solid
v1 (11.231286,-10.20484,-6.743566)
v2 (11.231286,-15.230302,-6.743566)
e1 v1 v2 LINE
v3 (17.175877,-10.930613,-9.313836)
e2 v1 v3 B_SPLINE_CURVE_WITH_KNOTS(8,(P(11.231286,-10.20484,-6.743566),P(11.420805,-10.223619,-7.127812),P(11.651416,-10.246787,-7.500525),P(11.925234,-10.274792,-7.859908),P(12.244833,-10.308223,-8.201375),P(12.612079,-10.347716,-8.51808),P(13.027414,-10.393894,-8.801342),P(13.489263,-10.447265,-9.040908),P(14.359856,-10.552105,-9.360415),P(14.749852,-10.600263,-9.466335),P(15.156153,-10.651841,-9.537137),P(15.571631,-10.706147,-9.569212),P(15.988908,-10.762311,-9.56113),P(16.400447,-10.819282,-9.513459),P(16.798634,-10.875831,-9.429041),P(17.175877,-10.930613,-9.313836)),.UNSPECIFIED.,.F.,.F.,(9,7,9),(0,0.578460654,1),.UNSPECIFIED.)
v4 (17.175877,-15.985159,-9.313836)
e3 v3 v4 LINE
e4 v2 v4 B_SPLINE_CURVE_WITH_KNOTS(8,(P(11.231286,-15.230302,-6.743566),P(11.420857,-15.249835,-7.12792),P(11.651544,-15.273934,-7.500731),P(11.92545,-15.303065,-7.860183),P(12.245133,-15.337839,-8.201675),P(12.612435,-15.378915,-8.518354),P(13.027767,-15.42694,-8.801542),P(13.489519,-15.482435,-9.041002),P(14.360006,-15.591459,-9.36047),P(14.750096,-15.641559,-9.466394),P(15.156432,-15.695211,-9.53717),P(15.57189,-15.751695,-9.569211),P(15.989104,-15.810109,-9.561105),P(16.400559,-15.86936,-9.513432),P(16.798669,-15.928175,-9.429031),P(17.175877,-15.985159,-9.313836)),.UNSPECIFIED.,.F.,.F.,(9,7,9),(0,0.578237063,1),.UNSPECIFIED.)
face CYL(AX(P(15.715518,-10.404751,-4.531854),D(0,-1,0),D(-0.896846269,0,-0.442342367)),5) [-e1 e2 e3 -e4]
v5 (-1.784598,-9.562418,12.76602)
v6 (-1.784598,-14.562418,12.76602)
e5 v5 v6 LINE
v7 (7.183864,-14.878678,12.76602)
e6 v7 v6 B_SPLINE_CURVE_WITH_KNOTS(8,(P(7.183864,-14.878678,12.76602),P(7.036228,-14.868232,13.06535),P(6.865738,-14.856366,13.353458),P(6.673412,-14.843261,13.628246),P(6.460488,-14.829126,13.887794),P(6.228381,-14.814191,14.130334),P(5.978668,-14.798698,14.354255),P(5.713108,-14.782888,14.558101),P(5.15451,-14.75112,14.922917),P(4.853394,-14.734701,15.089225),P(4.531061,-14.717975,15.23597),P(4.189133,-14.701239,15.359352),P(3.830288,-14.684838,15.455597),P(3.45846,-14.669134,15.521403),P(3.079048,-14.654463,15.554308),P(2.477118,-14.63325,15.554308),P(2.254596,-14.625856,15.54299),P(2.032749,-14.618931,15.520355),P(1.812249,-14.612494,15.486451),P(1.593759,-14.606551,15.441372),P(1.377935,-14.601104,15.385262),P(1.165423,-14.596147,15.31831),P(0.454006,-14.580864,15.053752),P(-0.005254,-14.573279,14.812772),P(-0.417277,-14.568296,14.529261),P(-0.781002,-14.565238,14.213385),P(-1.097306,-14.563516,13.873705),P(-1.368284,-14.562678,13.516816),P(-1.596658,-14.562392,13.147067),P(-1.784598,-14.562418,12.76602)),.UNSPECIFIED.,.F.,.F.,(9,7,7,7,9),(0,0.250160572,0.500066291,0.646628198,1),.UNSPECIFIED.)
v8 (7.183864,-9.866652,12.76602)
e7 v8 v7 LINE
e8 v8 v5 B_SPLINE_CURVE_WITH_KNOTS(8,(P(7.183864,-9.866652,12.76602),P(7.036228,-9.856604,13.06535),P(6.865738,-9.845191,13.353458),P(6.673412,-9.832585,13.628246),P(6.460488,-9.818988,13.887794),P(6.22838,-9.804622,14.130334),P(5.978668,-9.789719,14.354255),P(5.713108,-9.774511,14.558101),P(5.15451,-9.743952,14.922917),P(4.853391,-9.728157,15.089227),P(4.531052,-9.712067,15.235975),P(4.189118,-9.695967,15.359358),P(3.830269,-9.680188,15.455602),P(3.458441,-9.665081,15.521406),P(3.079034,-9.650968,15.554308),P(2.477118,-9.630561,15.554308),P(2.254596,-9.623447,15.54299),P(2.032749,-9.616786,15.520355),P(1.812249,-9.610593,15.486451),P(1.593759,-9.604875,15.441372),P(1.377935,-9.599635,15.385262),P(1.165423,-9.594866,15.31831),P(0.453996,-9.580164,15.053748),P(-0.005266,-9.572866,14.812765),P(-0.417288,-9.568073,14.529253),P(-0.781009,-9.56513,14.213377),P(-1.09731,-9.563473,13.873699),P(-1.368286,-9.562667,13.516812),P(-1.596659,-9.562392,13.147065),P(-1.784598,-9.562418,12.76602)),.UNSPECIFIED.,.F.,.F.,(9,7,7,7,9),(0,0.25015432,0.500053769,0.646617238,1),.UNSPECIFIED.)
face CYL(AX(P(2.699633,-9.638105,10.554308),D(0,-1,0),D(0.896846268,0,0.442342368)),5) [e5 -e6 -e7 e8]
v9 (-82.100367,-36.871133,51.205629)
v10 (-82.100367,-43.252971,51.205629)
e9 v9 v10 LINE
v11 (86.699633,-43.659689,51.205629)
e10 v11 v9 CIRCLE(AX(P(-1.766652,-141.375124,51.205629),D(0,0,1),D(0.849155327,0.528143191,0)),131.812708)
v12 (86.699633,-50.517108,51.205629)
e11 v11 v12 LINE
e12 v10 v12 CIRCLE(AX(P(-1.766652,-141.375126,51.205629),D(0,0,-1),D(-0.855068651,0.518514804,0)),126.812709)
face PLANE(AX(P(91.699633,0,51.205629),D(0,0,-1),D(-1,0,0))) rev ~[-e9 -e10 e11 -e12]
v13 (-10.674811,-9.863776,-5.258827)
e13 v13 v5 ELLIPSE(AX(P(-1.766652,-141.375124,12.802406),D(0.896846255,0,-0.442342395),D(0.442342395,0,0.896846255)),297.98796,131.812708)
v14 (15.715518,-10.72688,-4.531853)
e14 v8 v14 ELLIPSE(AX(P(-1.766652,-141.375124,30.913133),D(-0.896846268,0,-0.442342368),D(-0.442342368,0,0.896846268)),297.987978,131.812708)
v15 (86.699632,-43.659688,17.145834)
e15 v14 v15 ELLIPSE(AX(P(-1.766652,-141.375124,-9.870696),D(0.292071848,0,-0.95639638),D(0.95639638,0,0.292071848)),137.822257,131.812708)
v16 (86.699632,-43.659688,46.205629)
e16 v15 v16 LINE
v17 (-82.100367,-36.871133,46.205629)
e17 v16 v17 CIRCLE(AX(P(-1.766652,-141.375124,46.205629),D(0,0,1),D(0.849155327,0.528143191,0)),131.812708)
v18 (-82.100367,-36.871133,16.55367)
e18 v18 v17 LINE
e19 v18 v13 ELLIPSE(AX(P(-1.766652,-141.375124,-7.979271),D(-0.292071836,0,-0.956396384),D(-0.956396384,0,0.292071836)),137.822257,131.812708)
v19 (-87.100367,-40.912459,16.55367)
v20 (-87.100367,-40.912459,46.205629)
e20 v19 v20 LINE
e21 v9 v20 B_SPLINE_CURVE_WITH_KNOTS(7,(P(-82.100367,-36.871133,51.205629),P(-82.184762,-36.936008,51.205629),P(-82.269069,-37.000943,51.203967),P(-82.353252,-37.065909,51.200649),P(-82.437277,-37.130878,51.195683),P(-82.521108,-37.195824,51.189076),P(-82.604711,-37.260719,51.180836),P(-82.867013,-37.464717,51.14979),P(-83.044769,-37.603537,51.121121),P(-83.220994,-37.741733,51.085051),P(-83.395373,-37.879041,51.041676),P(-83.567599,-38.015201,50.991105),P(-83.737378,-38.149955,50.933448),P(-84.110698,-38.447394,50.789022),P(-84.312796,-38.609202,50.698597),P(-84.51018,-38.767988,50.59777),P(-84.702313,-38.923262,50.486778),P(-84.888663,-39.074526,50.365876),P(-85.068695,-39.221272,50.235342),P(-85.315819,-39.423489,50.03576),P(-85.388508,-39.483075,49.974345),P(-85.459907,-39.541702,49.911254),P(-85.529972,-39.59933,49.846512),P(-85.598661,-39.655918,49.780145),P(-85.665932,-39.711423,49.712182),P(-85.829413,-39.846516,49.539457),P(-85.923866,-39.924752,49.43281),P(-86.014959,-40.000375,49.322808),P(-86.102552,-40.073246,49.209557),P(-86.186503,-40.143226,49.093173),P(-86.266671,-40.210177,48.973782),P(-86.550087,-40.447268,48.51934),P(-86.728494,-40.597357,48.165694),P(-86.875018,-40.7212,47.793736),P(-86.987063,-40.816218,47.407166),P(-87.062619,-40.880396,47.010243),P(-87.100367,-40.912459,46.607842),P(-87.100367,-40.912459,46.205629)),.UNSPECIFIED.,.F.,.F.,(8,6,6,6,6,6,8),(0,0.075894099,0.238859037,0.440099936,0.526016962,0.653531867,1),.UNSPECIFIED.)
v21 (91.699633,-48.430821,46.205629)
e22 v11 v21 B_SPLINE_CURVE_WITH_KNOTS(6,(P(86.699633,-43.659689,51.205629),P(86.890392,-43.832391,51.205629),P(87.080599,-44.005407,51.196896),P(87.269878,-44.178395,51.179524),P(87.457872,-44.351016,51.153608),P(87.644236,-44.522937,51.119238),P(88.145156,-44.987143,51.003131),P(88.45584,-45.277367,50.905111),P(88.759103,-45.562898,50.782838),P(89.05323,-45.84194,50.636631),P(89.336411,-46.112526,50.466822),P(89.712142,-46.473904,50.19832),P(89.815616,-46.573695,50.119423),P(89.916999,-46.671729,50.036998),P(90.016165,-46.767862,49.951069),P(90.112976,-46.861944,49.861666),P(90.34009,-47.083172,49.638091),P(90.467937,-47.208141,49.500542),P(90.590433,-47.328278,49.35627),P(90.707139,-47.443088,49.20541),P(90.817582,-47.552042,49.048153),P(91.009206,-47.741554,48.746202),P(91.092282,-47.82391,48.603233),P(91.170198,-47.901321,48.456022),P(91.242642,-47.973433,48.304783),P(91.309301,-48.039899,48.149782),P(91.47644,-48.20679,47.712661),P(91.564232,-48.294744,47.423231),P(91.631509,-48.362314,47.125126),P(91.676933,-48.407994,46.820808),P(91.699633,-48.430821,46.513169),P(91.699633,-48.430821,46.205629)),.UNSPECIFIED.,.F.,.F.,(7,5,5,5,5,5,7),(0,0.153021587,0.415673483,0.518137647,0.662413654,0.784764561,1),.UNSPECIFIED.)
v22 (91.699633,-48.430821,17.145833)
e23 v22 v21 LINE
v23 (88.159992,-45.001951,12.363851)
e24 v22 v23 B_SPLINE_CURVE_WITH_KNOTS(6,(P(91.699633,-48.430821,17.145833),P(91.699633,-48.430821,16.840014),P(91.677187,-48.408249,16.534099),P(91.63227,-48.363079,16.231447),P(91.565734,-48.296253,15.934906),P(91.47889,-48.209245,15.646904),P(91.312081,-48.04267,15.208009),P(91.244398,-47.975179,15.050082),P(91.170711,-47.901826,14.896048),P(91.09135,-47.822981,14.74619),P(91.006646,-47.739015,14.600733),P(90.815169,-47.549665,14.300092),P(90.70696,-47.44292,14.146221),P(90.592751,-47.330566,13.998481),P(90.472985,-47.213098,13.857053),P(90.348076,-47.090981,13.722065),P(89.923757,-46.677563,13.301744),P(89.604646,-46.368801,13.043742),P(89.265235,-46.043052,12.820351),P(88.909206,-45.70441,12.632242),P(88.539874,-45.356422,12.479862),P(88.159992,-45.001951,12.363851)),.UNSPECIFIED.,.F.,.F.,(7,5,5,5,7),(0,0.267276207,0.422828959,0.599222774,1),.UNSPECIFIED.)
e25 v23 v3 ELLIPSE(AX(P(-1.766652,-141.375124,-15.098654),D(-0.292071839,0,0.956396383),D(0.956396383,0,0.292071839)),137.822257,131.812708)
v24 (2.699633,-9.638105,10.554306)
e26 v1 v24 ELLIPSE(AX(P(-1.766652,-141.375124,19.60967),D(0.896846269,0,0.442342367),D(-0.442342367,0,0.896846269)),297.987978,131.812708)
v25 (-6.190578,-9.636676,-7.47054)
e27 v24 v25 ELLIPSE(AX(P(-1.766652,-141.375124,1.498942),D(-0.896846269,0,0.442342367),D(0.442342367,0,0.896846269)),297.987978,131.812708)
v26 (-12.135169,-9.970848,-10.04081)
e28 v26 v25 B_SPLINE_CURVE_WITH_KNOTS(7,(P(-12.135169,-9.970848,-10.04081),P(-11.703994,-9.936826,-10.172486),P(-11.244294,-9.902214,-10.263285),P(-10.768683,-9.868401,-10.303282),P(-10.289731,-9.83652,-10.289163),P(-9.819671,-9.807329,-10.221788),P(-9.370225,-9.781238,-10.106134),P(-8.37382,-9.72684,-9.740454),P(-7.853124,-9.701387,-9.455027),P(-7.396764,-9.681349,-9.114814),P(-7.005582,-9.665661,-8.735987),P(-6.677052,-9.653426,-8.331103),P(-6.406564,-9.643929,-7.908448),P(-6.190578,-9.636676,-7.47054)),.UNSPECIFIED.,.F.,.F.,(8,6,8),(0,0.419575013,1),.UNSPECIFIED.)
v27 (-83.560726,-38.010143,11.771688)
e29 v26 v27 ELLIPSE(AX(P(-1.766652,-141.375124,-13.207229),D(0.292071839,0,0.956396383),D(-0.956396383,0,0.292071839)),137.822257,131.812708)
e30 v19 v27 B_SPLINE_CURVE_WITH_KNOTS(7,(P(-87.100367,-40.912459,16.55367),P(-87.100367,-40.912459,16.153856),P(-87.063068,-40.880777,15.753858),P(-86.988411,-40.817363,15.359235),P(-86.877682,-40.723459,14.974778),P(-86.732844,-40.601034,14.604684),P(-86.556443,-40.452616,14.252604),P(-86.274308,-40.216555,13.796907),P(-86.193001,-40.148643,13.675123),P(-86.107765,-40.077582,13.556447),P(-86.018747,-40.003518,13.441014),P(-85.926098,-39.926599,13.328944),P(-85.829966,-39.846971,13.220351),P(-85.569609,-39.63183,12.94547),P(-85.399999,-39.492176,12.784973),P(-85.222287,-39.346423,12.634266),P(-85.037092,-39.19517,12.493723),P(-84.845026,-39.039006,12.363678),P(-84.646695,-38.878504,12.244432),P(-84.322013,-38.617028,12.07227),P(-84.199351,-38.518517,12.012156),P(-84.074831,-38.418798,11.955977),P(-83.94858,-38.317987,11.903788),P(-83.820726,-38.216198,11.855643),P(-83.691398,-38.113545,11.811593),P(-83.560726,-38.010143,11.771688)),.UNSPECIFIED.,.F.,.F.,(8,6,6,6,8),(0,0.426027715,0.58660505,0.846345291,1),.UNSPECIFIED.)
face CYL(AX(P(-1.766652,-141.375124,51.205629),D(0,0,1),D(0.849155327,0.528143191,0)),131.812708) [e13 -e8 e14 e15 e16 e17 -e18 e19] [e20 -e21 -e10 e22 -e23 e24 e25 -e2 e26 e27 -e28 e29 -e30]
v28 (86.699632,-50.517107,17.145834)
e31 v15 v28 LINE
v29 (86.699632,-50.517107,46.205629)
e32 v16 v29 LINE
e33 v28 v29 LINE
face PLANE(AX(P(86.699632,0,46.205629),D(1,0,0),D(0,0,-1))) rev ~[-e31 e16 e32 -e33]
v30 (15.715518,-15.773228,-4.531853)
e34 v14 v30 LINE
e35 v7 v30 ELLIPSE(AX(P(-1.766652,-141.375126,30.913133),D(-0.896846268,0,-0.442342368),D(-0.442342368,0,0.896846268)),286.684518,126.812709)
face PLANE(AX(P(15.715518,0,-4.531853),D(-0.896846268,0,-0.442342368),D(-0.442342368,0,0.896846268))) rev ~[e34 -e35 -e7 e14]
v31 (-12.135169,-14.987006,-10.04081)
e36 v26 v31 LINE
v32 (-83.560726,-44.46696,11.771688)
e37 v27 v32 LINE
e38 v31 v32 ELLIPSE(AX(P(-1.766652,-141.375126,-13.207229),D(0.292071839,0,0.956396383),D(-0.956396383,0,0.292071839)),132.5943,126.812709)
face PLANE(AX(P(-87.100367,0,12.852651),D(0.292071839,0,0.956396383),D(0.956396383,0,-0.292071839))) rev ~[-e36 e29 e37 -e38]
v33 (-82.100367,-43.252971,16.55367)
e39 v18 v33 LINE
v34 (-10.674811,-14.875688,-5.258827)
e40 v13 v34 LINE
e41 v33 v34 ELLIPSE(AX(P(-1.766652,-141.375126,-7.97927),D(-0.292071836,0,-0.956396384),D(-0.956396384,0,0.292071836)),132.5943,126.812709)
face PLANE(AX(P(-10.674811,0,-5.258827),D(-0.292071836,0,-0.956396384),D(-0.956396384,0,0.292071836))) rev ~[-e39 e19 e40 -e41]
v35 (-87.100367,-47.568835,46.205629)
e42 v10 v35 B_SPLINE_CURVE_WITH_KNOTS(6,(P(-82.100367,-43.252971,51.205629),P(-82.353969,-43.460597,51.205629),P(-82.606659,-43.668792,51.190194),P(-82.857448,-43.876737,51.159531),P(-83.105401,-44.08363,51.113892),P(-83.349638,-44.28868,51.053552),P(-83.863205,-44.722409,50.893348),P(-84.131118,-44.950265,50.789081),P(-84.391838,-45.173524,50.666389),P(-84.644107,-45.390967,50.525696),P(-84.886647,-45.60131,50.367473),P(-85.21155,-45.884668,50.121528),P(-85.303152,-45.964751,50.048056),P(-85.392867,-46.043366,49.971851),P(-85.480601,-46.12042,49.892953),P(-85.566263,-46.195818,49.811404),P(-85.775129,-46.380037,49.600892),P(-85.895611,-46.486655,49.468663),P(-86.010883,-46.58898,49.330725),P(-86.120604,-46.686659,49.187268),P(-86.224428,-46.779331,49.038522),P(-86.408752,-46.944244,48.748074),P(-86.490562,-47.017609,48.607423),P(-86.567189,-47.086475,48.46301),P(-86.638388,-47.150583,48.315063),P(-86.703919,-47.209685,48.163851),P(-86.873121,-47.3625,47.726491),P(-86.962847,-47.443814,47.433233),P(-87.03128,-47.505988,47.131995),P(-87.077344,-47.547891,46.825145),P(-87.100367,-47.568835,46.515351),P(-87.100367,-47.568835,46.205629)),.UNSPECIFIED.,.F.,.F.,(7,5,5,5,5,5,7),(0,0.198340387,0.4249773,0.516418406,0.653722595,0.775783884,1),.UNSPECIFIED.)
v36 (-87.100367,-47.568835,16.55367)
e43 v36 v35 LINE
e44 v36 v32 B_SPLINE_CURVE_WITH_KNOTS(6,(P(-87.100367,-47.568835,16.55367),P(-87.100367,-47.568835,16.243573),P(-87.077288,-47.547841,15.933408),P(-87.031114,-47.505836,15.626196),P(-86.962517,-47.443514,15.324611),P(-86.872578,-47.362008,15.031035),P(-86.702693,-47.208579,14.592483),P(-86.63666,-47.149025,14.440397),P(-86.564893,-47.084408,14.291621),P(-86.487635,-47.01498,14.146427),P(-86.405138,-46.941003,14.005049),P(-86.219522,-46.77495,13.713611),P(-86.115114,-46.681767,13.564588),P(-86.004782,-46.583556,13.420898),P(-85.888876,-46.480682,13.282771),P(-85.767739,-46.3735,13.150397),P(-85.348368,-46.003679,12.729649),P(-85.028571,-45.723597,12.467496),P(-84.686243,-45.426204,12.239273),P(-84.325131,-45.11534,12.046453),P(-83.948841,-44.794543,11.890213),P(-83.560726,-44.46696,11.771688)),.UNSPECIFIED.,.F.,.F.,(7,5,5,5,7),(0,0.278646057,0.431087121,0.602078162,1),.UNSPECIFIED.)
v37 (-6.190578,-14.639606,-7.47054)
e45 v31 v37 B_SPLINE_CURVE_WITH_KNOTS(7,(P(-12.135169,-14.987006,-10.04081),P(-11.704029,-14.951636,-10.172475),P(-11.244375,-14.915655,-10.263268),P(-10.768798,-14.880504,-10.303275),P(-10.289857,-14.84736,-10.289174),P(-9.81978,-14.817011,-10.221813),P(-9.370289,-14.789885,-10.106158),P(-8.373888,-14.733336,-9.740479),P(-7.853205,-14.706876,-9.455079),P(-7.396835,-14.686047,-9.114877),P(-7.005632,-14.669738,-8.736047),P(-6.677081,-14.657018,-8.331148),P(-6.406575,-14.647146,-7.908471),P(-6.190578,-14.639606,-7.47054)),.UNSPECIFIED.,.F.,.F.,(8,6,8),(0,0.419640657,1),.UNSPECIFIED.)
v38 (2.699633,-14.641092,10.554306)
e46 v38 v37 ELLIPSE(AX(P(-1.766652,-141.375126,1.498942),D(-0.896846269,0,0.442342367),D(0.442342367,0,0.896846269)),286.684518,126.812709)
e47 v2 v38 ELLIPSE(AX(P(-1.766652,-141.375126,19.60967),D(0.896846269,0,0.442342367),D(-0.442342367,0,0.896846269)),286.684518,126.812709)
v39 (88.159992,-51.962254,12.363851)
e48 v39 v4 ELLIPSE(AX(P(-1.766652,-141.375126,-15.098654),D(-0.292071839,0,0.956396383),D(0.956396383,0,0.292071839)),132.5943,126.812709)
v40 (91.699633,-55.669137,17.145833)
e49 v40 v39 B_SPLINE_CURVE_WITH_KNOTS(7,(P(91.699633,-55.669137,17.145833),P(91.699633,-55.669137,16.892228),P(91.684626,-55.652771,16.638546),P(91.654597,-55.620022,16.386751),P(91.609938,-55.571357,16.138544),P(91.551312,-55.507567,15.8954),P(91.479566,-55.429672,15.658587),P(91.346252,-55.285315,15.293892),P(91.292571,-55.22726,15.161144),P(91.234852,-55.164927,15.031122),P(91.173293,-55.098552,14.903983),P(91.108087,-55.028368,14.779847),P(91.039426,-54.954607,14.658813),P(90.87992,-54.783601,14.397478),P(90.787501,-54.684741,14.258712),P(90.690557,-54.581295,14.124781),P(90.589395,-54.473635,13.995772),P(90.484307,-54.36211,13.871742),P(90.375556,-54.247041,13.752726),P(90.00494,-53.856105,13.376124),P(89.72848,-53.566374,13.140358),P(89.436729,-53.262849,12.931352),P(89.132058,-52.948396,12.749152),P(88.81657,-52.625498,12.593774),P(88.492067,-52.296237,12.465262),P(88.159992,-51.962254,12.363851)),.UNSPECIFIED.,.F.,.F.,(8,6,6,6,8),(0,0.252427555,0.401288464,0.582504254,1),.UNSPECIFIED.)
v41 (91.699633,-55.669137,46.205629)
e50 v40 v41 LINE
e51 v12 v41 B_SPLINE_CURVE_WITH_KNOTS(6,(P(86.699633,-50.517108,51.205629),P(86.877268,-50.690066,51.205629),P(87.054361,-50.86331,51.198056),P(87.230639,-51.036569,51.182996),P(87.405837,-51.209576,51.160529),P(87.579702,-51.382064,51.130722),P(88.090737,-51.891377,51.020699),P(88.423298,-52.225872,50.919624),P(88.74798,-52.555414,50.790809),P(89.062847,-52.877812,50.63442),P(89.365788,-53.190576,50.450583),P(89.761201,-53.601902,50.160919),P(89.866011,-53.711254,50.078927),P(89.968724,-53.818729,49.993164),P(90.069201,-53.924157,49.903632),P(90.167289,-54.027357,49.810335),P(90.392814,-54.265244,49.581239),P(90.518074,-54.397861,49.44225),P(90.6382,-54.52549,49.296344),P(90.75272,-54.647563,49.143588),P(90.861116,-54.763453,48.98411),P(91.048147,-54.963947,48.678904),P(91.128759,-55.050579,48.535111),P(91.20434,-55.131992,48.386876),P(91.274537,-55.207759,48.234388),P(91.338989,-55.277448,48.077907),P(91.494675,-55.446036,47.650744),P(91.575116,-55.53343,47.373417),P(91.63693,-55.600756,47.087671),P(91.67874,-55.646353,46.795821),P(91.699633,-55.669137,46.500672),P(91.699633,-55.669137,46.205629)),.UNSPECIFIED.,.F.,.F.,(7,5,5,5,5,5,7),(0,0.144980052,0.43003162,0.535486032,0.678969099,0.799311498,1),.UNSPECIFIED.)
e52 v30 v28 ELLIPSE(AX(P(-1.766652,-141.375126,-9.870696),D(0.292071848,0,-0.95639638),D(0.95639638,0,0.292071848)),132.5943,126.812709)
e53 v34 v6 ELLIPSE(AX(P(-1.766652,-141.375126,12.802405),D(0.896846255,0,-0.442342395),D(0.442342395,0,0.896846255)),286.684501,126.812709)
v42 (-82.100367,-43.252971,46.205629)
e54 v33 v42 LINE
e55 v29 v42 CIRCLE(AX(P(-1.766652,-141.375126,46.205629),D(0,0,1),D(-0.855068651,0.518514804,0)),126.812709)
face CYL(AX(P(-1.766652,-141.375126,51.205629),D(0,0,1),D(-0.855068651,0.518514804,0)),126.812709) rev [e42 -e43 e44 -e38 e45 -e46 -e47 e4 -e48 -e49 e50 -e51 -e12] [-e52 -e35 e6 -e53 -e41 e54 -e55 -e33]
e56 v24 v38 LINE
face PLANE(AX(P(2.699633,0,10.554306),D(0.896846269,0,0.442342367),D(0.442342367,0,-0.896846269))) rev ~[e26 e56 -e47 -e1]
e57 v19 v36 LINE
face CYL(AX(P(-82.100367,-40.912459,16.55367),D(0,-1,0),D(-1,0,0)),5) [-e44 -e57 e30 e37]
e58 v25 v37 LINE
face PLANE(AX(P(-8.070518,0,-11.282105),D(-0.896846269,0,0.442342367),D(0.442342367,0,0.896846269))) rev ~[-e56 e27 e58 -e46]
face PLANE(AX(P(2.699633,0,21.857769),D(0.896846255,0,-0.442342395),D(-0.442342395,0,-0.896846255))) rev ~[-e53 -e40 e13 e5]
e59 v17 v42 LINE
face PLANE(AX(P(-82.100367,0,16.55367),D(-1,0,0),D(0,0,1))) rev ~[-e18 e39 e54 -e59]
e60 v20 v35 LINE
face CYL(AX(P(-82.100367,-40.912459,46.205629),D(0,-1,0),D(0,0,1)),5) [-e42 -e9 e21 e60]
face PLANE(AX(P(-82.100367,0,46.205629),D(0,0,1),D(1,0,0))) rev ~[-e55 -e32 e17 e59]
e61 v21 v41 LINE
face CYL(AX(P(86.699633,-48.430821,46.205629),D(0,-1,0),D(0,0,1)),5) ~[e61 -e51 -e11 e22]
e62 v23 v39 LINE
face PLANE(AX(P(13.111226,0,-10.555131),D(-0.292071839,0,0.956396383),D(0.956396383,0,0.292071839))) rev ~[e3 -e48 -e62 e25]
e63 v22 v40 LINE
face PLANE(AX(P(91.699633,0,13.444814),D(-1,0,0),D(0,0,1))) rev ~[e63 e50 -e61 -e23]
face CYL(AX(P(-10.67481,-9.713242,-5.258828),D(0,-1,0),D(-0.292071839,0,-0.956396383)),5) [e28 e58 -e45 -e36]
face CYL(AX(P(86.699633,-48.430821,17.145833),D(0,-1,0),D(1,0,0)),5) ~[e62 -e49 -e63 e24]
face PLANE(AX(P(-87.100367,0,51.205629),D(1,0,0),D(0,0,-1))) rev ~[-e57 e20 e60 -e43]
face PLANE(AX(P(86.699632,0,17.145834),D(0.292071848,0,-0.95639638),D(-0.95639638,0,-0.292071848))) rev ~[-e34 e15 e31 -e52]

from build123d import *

# Parameters (mm, degrees)
F1_DEPTH = 150
F3_DEPTH = 200
F5_DEPTH = 100
F6_R     = 5
F7_R     = 5
F8_R     = 5
F9_R     = 5
F10_R    = 5
F11_R    = 5
F12_R    = 5


with BuildPart() as f1:
    # F0 (on Front) → F1 (new body)
    with BuildSketch(Plane.XZ):
        Polygon((2.699633, 10.554306), (13.111226, -10.555131), (91.699633, 13.444814), (91.699633, 51.205629), (2.699633, 51.205629), (-87.100367, 51.205629), (-87.100367, 12.852651), (-8.070518, -11.282105), align=None)
    extrude(amount=F1_DEPTH)

    # F2 (on face) → F3 (cut)
    with BuildSketch(Plane(origin=(0, 0, 0), x_dir=(-1, 0, 0), z_dir=(0, 1, 0))):
        Polygon((10.674811, -5.258827), (82.100367, 16.55367), (82.100367, 46.205629), (-86.699632, 46.205629), (-86.699632, 17.145834), (-15.715518, -4.531853), (-2.699633, 21.857769), align=None)
    extrude(amount=-F3_DEPTH, mode=Mode.SUBTRACT)

    # F4 (on face) → F5 (intersect)
    with BuildSketch(Plane.XY.offset(51.205629)):
        with BuildLine():
            Line((105.917034, -74.399856), (110.162811, -71.75914))
            ThreePointArc((110.162811, -71.75914), (-2.511346, -9.56452), (-114.475567, -73.028285))
            Line((-114.475567, -73.028285), (-110.200224, -75.620859))
            ThreePointArc((-110.200224, -75.620859), (-2.483098, -14.564441), (105.917034, -74.399856))
        make_face()
    extrude(amount=-F5_DEPTH, mode=Mode.INTERSECT)

    # F6
    f6_edges = [f1.edges().sort_by_distance(p)[0] for p in [
        (2.699633, -12.139598, 21.857769),
    ]]
    fillet(f6_edges, radius=F6_R)

    # F7
    f7_edges = [f1.edges().sort_by_distance(p)[0] for p in [
        (-8.070518, -12.216219, -11.282105),
    ]]
    fillet(f7_edges, radius=F7_R)

    # F8
    f8_edges = [f1.edges().sort_by_distance(p)[0] for p in [
        (13.111226, -12.92147, -10.555131),
    ]]
    fillet(f8_edges, radius=F8_R)

    # F9
    f9_edges = [f1.edges().sort_by_distance(p)[0] for p in [
        (-87.100367, -44.240648, 51.205629),
    ]]
    fillet(f9_edges, radius=F9_R)

    # F10
    f10_edges = [f1.edges().sort_by_distance(p)[0] for p in [
        (-87.100367, -44.240648, 12.852651),
    ]]
    fillet(f10_edges, radius=F10_R)

    # F11
    f11_edges = [f1.edges().sort_by_distance(p)[0] for p in [
        (91.699633, -52.049978, 51.205629),
    ]]
    fillet(f11_edges, radius=F11_R)

    # F12
    f12_edges = [f1.edges().sort_by_distance(p)[0] for p in [
        (91.699633, -52.049978, 13.444814),
    ]]
    fillet(f12_edges, radius=F12_R)


solid = f1.part
